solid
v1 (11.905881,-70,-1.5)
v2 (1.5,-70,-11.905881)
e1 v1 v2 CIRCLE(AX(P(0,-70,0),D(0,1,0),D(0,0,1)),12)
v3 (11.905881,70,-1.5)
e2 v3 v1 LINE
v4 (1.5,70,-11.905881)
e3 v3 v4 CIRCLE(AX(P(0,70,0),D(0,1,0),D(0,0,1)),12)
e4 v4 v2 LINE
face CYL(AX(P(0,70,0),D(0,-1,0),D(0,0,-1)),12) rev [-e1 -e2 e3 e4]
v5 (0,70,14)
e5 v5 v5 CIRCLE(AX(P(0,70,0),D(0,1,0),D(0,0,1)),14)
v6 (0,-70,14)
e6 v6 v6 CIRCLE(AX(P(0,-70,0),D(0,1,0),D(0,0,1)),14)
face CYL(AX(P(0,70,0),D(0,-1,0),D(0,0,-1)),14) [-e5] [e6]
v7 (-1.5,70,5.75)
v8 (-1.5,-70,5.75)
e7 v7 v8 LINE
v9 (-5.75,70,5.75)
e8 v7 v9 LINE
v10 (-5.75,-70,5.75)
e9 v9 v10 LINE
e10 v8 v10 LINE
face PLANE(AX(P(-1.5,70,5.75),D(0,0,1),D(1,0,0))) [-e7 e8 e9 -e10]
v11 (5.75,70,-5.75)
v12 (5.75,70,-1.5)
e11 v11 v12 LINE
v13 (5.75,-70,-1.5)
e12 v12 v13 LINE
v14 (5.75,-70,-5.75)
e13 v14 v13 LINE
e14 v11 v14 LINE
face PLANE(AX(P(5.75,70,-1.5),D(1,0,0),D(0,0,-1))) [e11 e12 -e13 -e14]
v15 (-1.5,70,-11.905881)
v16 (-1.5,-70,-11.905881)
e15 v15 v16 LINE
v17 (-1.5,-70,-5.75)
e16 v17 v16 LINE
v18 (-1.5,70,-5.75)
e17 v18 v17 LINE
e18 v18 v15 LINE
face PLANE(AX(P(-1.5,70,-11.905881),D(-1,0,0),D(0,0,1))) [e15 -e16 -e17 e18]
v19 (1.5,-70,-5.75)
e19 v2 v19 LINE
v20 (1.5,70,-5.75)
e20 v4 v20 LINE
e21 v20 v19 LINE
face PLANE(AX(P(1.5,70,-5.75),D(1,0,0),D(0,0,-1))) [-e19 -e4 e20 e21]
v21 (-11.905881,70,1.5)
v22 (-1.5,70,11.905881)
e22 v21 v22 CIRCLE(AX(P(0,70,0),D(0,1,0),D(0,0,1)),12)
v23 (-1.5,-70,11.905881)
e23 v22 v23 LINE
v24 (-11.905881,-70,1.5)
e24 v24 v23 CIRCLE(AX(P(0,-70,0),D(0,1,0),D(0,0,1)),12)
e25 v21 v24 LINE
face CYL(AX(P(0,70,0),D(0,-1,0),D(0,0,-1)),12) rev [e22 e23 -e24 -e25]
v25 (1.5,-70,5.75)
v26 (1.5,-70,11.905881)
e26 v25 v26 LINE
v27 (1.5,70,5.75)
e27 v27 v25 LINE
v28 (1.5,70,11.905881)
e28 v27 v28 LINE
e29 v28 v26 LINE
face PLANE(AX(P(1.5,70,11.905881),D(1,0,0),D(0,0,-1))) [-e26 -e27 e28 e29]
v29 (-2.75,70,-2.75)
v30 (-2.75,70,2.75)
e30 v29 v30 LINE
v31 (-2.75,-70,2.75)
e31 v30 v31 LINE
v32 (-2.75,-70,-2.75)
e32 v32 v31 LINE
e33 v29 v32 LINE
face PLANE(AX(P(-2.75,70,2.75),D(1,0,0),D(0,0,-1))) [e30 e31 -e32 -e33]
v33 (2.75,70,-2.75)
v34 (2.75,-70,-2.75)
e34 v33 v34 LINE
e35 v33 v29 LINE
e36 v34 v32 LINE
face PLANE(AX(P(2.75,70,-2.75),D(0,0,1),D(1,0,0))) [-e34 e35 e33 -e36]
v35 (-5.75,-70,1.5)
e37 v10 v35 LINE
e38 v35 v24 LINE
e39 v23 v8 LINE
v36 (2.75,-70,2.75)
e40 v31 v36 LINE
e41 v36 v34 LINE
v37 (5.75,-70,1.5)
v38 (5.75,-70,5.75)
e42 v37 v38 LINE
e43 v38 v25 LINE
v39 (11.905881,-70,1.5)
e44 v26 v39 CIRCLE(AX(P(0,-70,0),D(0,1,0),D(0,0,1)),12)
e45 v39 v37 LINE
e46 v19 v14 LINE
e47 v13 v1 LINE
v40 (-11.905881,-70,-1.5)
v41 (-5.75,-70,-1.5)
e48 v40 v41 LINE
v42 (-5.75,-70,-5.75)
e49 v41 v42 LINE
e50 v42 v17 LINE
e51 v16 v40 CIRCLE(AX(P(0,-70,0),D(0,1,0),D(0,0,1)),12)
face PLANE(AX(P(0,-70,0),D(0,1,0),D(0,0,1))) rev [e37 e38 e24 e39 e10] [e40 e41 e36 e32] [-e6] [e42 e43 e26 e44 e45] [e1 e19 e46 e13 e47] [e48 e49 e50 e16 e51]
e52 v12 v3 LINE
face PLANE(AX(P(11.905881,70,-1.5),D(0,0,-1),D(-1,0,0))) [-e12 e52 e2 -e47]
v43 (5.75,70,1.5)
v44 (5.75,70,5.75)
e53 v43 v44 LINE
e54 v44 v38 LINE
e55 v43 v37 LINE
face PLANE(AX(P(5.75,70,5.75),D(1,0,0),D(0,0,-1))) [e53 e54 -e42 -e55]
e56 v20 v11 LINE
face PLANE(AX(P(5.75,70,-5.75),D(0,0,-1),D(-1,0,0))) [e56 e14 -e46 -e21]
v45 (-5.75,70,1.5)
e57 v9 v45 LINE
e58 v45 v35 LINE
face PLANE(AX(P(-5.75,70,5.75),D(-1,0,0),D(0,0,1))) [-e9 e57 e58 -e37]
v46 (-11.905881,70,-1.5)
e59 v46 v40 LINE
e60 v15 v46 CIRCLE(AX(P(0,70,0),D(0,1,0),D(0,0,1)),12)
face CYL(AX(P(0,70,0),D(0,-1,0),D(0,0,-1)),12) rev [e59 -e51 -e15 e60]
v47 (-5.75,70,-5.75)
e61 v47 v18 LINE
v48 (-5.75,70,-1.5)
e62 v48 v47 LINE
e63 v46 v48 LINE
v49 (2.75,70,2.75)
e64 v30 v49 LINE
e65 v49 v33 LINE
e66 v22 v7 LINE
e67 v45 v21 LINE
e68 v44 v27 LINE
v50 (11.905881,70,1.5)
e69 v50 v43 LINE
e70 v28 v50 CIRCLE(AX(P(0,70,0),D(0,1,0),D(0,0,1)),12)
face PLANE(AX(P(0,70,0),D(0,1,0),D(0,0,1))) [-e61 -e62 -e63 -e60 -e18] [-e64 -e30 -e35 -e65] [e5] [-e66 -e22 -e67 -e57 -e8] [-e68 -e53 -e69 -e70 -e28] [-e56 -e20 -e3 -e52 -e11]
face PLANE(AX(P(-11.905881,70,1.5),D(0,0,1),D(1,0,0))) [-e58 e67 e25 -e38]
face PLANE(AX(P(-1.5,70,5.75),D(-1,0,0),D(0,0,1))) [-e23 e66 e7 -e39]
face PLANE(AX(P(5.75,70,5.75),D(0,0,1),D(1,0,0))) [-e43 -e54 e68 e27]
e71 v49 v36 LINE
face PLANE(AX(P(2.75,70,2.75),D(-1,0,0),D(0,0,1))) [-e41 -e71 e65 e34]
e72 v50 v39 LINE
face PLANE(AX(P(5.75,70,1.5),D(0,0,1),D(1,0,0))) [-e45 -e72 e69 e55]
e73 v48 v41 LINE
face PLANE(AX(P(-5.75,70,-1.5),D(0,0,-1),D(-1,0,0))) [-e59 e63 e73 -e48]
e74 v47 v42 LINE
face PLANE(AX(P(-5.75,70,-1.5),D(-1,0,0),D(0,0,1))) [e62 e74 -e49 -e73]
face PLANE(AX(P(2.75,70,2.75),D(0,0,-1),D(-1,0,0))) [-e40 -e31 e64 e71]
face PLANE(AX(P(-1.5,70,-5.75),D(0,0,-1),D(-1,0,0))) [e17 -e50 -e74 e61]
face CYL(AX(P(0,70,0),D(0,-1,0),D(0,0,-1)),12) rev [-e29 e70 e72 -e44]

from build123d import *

# Parameters (mm, degrees)
SKETCH1_R  = 14
SKETCH1_W  = 5.5
SKETCH1_H  = 5.5
BODY_DEPTH = 70


with BuildPart() as part:
    # Sketch1 → Body (new, symmetric)
    with BuildSketch(Plane(origin=(0, 0, 0), x_dir=(1, 0, 0), z_dir=(0, 1, 0))):
        with Locations(Location((0, 0, 0), (0, 0, 270))):
            Circle(SKETCH1_R)
        with BuildLine():
            Line((-5.75, 1.5), (-11.9058809, 1.5))
            ThreePointArc((-11.9058809, 1.5), (-8.485281374, 8.485281374), (-1.5, 11.9058809))
            Line((-1.5, 11.9058809), (-1.5, 5.75))
            Line((-1.5, 5.75), (-5.75, 5.75))
            Line((-5.75, 5.75), (-5.75, 1.5))
        make_face(mode=Mode.SUBTRACT)
        with BuildLine():
            Line((5.75, -5.75), (1.5, -5.75))
            Line((1.5, -5.75), (1.5, -11.9058809))
            ThreePointArc((1.5, -11.9058809), (8.485281374, -8.485281374), (11.9058809, -1.5))
            Line((11.9058809, -1.5), (5.75, -1.5))
            Line((5.75, -1.5), (5.75, -5.75))
        make_face(mode=Mode.SUBTRACT)
        with BuildLine():
            Line((5.75, 5.75), (1.5, 5.75))
            Line((1.5, 5.75), (1.5, 11.9058809))
            ThreePointArc((1.5, 11.9058809), (8.485281374, 8.485281374), (11.9058809, 1.5))
            Line((11.9058809, 1.5), (5.75, 1.5))
            Line((5.75, 1.5), (5.75, 5.75))
        make_face(mode=Mode.SUBTRACT)
        with BuildLine():
            Line((-5.75, -5.75), (-5.75, -1.5))
            Line((-5.75, -1.5), (-11.9058809, -1.5))
            ThreePointArc((-11.9058809, -1.5), (-8.485281374, -8.485281374), (-1.5, -11.9058809))
            Line((-1.5, -11.9058809), (-1.5, -5.75))
            Line((-1.5, -5.75), (-5.75, -5.75))
        make_face(mode=Mode.SUBTRACT)
        Rectangle(SKETCH1_W, SKETCH1_H, mode=Mode.SUBTRACT)
    extrude(amount=BODY_DEPTH, both=True)


solid = part.part
